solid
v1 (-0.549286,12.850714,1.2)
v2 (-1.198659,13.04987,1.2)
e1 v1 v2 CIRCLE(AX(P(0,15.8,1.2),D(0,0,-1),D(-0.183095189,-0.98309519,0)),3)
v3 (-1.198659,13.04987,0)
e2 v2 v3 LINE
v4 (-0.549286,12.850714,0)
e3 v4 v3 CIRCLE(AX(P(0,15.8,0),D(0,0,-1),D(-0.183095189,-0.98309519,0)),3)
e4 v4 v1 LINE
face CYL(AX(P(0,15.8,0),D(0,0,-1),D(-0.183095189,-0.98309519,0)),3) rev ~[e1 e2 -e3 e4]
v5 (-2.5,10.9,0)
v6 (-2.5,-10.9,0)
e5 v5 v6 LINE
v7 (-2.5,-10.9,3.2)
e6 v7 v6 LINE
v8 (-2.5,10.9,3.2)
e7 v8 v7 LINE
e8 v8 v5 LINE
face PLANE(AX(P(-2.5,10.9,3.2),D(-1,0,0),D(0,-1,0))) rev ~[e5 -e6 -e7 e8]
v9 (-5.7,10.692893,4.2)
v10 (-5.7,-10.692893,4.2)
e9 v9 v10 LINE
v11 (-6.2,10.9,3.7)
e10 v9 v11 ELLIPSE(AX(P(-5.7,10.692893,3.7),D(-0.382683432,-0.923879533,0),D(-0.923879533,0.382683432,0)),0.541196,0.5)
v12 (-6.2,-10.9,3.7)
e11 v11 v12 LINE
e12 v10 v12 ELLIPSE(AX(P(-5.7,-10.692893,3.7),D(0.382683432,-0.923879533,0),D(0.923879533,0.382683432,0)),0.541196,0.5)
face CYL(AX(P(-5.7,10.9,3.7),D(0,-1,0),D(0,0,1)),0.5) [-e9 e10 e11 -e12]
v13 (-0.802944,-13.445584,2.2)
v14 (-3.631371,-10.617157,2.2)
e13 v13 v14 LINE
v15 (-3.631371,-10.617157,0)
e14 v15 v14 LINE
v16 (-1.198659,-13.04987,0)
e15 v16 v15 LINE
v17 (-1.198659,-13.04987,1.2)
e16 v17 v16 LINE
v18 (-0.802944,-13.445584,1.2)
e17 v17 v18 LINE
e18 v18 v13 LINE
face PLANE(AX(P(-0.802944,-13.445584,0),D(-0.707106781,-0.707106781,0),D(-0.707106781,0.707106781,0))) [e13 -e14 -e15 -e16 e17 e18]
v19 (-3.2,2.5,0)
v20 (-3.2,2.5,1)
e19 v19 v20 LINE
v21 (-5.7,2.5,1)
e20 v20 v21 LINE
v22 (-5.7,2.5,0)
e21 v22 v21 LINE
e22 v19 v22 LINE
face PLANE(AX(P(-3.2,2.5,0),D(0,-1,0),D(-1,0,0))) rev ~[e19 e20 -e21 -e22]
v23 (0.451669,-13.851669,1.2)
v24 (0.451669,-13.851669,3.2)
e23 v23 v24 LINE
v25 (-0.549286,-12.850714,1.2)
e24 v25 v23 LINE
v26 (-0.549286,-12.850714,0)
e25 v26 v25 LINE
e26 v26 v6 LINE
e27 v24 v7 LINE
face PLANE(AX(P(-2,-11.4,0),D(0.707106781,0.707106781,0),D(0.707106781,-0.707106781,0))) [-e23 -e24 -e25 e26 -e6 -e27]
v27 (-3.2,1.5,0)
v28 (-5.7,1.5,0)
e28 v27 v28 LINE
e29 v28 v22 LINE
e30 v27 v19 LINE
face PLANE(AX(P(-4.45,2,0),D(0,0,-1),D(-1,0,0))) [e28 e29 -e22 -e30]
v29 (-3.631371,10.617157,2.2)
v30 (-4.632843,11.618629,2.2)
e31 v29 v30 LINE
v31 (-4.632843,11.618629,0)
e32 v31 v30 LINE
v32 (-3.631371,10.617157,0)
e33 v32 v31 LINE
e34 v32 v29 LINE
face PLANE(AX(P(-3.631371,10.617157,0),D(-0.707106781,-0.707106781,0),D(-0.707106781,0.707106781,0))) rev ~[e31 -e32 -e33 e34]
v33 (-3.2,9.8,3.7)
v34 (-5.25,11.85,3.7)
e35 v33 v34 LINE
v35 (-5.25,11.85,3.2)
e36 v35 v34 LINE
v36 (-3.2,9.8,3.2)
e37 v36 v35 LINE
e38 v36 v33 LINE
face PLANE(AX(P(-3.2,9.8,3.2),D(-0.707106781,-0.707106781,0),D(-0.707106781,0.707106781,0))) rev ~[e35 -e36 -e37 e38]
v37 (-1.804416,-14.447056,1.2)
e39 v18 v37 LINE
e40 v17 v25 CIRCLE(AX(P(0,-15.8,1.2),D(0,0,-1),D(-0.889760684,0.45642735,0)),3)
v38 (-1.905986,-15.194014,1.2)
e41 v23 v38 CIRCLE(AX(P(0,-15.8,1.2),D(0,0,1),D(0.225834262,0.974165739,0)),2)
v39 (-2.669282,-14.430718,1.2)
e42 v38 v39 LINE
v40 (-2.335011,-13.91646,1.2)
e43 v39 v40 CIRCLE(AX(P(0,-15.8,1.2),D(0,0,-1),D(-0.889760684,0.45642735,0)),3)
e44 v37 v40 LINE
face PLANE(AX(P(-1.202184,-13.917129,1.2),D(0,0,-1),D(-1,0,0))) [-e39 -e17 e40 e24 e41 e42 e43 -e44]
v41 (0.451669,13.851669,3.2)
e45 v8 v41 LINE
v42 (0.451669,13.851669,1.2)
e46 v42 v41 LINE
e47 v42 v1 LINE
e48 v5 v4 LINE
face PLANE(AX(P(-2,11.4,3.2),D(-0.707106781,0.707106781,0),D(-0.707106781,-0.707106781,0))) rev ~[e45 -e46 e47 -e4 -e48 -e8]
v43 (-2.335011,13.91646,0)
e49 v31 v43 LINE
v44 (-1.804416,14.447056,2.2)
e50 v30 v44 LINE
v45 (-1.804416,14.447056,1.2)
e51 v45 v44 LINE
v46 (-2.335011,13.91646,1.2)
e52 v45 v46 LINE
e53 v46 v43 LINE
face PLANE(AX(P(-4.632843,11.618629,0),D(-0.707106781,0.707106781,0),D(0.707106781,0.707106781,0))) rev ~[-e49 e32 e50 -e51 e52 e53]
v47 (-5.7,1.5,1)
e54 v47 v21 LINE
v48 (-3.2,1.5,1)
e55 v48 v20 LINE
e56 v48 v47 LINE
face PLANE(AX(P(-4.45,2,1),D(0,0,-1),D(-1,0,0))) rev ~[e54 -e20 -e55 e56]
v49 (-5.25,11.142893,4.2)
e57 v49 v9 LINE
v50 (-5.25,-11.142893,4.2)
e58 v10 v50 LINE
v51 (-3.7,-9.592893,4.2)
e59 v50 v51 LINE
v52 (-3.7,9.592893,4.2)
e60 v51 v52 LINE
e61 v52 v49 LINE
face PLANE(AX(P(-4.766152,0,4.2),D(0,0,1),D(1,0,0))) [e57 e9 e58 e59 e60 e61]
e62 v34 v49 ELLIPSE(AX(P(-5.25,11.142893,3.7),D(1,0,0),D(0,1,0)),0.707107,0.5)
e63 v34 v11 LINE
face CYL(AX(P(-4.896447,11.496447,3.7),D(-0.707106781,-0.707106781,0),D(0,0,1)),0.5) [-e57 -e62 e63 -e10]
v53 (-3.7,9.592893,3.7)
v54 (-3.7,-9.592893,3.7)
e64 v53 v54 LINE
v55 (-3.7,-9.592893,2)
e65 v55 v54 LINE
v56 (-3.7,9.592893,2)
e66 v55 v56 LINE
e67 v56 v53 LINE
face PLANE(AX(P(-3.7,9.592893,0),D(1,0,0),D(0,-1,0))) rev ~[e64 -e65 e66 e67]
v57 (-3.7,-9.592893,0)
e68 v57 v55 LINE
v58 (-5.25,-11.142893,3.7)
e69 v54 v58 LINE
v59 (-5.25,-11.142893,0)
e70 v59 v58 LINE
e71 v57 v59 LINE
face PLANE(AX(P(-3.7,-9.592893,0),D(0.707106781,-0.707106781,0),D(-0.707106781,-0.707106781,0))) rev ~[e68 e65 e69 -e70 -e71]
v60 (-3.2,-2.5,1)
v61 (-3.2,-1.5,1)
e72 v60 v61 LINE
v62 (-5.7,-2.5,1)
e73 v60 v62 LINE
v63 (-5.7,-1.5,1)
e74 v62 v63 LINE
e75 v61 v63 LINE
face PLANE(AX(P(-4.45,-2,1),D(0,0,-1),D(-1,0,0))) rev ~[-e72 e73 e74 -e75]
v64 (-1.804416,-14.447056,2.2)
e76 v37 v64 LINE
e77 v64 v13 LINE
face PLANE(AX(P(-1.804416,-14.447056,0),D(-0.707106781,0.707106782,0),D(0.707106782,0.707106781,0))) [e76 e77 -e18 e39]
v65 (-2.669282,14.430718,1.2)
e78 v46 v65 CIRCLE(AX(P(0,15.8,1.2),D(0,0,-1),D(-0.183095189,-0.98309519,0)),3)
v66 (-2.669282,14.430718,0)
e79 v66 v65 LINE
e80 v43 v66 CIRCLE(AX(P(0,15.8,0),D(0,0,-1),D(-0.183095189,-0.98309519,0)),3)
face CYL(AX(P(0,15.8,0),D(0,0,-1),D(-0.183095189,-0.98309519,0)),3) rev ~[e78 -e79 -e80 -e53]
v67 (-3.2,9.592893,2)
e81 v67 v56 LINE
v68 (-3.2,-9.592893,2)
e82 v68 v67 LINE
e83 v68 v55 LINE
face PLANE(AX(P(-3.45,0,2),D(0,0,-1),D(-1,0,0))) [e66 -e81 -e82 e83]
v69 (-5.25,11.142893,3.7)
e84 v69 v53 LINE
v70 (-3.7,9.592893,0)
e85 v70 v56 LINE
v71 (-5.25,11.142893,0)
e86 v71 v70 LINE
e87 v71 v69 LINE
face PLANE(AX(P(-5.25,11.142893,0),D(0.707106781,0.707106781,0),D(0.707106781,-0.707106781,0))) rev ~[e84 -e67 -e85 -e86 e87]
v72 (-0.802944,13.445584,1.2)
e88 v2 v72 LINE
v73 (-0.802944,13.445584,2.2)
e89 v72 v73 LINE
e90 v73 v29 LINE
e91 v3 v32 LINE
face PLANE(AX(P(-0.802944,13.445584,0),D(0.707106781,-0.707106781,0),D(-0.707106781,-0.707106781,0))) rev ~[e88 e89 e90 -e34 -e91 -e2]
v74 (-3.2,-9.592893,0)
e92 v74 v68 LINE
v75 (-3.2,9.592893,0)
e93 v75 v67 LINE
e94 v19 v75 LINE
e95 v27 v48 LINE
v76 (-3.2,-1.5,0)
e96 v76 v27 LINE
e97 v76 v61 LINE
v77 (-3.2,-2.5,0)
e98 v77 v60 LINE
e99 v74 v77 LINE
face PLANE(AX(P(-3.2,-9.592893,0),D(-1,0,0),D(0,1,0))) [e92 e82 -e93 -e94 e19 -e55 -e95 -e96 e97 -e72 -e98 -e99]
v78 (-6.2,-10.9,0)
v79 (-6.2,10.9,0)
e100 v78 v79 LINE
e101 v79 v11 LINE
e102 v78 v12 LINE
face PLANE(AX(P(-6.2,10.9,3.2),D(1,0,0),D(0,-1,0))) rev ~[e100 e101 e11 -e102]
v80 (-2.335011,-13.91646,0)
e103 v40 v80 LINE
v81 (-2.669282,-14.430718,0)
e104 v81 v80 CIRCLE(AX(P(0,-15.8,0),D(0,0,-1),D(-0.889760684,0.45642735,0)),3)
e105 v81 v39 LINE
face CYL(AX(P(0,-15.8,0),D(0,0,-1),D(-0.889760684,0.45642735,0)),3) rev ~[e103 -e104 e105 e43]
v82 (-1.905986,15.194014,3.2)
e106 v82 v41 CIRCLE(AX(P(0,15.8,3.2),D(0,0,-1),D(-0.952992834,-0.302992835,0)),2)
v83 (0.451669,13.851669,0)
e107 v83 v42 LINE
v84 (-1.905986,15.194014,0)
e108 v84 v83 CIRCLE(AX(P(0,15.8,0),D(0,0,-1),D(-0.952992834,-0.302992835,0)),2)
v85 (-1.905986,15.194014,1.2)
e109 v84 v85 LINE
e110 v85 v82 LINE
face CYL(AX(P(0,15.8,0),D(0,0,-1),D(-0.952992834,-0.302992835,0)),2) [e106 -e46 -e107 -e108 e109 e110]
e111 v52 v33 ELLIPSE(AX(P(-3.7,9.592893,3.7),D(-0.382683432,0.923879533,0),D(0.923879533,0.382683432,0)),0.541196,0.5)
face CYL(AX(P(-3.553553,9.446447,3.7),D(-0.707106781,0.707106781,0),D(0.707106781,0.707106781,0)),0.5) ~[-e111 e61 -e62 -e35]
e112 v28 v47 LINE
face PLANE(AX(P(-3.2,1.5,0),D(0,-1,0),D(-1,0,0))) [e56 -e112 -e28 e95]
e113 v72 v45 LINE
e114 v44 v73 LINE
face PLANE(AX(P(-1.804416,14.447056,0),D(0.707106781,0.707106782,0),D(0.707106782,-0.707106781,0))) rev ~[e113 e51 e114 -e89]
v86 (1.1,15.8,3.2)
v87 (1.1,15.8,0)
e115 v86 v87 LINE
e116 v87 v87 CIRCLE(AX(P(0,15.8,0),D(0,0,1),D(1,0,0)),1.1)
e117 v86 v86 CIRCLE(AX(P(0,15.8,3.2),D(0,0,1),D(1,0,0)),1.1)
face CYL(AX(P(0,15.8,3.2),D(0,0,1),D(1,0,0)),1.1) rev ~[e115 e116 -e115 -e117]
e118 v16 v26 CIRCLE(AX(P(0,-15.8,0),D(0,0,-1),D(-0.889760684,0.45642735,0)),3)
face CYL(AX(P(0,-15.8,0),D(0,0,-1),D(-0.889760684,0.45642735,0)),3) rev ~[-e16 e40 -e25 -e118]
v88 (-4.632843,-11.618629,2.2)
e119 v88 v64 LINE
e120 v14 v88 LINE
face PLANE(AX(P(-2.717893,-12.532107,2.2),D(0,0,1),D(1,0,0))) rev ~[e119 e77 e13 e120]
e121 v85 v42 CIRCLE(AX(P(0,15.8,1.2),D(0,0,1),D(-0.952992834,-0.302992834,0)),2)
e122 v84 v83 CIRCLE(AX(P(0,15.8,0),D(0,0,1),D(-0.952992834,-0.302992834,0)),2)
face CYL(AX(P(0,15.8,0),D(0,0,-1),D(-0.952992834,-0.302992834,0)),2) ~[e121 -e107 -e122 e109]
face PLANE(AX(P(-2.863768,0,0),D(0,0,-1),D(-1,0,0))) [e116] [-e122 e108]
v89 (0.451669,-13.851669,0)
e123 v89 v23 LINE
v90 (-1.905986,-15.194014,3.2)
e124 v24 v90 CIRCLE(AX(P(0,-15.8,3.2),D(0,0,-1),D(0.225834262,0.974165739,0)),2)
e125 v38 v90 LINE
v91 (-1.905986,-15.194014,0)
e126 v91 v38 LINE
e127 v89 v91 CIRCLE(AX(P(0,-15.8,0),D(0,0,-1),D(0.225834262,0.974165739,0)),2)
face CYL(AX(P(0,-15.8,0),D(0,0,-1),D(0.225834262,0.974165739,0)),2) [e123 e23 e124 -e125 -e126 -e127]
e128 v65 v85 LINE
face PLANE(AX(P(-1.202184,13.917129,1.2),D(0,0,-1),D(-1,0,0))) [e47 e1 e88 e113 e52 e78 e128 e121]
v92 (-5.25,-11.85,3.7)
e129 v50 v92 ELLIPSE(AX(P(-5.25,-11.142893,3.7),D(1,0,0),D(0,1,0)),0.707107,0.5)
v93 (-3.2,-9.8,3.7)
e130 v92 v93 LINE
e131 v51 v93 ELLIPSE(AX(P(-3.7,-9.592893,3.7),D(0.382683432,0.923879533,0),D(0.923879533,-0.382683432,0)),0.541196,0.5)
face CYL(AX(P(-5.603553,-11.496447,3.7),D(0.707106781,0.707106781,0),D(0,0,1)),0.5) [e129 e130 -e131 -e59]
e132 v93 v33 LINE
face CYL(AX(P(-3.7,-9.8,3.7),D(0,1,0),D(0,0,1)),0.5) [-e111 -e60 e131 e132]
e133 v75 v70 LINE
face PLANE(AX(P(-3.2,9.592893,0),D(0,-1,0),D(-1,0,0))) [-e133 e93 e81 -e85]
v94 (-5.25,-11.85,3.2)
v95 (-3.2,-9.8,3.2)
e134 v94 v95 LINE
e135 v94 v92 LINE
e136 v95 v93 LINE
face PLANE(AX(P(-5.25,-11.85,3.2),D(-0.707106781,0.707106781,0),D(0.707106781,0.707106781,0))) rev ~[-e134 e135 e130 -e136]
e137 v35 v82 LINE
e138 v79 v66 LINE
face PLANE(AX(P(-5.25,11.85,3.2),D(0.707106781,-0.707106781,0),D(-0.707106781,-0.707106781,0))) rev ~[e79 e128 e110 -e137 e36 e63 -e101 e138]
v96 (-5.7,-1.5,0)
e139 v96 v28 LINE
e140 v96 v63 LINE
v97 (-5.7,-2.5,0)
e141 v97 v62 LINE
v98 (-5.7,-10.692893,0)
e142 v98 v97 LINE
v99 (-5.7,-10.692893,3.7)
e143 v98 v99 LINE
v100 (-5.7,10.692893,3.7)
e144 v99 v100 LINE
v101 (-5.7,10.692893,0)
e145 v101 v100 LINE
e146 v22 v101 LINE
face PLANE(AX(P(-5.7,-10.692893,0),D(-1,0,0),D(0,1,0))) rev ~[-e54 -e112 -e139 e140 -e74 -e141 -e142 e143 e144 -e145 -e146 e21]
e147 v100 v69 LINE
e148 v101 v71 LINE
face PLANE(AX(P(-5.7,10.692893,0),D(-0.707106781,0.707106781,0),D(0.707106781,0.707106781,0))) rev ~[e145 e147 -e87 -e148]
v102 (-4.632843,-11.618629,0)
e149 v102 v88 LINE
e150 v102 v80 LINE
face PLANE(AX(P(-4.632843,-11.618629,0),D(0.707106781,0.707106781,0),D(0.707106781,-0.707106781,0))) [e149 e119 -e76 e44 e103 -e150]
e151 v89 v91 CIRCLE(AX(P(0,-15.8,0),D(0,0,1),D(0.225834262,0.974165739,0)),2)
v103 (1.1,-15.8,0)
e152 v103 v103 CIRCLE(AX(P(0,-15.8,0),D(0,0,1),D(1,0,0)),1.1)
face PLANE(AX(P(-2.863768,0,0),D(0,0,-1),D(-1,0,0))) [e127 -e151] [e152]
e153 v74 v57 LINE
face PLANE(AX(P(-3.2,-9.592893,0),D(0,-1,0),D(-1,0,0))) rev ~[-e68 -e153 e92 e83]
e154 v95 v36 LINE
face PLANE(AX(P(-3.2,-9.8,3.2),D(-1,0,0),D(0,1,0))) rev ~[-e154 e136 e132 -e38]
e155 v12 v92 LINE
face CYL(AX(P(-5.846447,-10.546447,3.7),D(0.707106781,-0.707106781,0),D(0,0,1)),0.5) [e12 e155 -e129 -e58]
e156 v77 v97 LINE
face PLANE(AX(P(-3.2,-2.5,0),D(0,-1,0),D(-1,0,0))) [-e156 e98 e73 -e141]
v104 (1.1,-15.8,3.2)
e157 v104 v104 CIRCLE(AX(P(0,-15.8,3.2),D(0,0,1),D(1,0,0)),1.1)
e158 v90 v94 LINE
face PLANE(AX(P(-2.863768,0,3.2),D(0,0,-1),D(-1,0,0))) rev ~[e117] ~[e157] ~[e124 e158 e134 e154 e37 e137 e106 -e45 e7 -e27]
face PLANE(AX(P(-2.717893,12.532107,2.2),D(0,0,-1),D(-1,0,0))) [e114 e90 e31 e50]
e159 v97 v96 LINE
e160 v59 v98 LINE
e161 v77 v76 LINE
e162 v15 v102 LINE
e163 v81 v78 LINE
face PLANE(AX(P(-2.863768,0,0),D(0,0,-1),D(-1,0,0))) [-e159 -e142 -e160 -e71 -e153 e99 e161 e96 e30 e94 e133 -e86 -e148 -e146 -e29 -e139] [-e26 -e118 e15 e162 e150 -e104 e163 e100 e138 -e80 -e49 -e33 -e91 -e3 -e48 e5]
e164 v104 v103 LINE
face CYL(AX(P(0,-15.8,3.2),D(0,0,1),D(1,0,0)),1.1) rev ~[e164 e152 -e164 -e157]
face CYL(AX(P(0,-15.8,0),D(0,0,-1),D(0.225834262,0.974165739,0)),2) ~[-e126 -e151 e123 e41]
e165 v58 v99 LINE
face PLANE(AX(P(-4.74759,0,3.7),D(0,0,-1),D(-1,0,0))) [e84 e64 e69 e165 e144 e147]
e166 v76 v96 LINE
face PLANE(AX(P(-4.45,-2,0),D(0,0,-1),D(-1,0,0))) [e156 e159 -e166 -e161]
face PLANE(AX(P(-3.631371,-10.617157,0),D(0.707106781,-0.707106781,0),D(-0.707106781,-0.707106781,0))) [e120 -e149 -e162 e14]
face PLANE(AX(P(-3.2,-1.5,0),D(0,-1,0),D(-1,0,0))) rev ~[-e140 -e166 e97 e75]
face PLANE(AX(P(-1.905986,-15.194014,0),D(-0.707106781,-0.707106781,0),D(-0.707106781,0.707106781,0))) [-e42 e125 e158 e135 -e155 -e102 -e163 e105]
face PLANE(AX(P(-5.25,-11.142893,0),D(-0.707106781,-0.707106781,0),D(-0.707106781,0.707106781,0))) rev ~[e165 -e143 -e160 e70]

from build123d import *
from build123d.topology import SkipClean

# Parameters (mm, degrees)
EXTRUDE_1_DEPTH      = 3.2
SKETCH_2_R           = 1.1
CUT_EXTRUDE_1_DEPTH  = 3.2
EXTRUDE_2_DEPTH      = 1
FILLET_2_R           = 0.5
CUT_EXTRUDE_10_DEPTH = 3.7
SKETCH_9_W           = 0.5
SKETCH_9_H           = 19.185786438
CUT_EXTRUDE_11_DEPTH = 2
CUT_EXTRUDE_12_DEPTH = 3.2
CUT_EXTRUDE_13_DEPTH = 2.2
CUT_EXTRUDE_14_DEPTH = 1.2
SKETCH_15_W          = 2.5
SKETCH_15_H          = 1
EXTRUDE_3_DEPTH      = 1


with BuildPart() as part:
    # 草图1 → 凸台-拉伸1 (new body)
    with BuildSketch(Plane.XY):
        with BuildLine():
            Line((-6.2, 0), (-6.2, 10.9))
            Line((-6.2, 10.9), (-1.905985669, 15.194014331))
            ThreePointArc((-1.905985669, 15.194014331), (0.989561851, 17.538035484), (0.451668523, 13.851668523))
            Line((0.451668523, 13.851668523), (-2, 11.4))
            Line((-2, 11.4), (-2, 0))
            Line((-2, 0), (-2, -11.4))
            Line((-2, -11.4), (0.451668523, -13.851668523))
            ThreePointArc((0.451668523, -13.851668523), (0.989561851, -17.538035484), (-1.905985669, -15.194014331))
            Line((-1.905985669, -15.194014331), (-6.2, -10.9))
            Line((-6.2, -10.9), (-6.2, 0))
        make_face()
    extrude(amount=EXTRUDE_1_DEPTH)

    # 草图2 → 切除-拉伸1 (cut)
    with BuildSketch(Plane.XY.offset(3.2)):
        with Locations((0, 15.8)):
            Circle(SKETCH_2_R)
        with Locations((0, -15.8)):
            Circle(SKETCH_2_R)
    extrude(amount=-CUT_EXTRUDE_1_DEPTH, mode=Mode.SUBTRACT)

    # 草图3 → 凸台-拉伸2 (add)
    with BuildSketch(Plane.XY.offset(3.2)):
        Polygon((-3.2, 0), (-3.2, 9.8), (-5.25, 11.85), (-6.2, 10.9), (-6.2, -10.9), (-5.25, -11.85), (-3.2, -9.8), align=None)
    extrude(amount=EXTRUDE_2_DEPTH)

    # 圆角2
    fillet_2_edges = [part.edges().sort_by_distance(p)[0] for p in [
        (-4.225, -10.825, 4.2),
        (-5.725, -11.375, 4.2),
        (-3.2, 0, 4.2),
        (-4.225, 10.825, 4.2),
        (-5.725, 11.375, 4.2),
        (-6.2, 0, 4.2),
    ]]
    fillet(fillet_2_edges, radius=FILLET_2_R)

    # 草图7 → 切除-拉伸10 (cut)
    with BuildSketch(Plane.XY):
        Polygon((-5.25, 11.142893219), (-3.7, 9.592893219), (-3.7, -9.592893219), (-5.25, -11.142893219), (-5.7, -10.692893219), (-5.7, 10.692893219), align=None)
    extrude(amount=CUT_EXTRUDE_10_DEPTH, mode=Mode.SUBTRACT)

    # 草图9 → 切除-拉伸11 (cut)
    with BuildSketch(Plane(origin=(0, 0, 0), x_dir=(-1, 0, 0), z_dir=(0, 0, -1))):
        with Locations((3.45, 0)):
            Rectangle(SKETCH_9_W, SKETCH_9_H)
    extrude(amount=-CUT_EXTRUDE_11_DEPTH, mode=Mode.SUBTRACT)

    # 草图10 → 切除-拉伸12 (cut)
    with BuildSketch(Plane.XY.offset(3.2)):
        Polygon((-2.5, 10.9), (-2.5, -10.9), (-2, -11.4), (-2, 11.4), align=None)
    extrude(amount=-CUT_EXTRUDE_12_DEPTH, mode=Mode.SUBTRACT)

    # 草图12 → 切除-拉伸13 (cut)
    with BuildSketch(Plane(origin=(0, 0, 0), x_dir=(-1, 0, 0), z_dir=(0, 0, -1))):
        Polygon((3.63137085, 10.617157288), (4.632842712, 11.61862915), (1.804415588, 14.447056275), (0.802943725, 13.445584413), align=None)
        Polygon((1.804415588, -14.447056275), (0.802943725, -13.445584413), (3.63137085, -10.617157288), (4.632842712, -11.61862915), align=None)
    extrude(amount=-CUT_EXTRUDE_13_DEPTH, mode=Mode.SUBTRACT)

    # 草图14 → 切除-拉伸14 (cut)
    with SkipClean():  # the faces are left unmerged after this step: merging them gives an invalid solid
        with BuildSketch(Plane(origin=(0, 0, 0), x_dir=(-1, 0, 0), z_dir=(0, 0, -1))):
            with BuildLine():
                Line((1.905985669, -15.194014331), (2.669282051, -14.430717949))
                ThreePointArc((2.669282051, -14.430717949), (1.792734548, -13.394568055), (0.549285568, -12.850714432))
                Line((0.549285568, -12.850714432), (-0.451668523, -13.851668523))
                ThreePointArc((-0.451668523, -13.851668523), (0.989561851, -14.061964516), (1.905985669, -15.194014331))
            make_face()
            with BuildLine():
                Line((-0.451668523, 13.851668523), (0.549285568, 12.850714432))
                ThreePointArc((0.549285568, 12.850714432), (1.792734548, 13.394568055), (2.669282051, 14.430717949))
                Line((2.669282051, 14.430717949), (1.905985669, 15.194014331))
                ThreePointArc((1.905985669, 15.194014331), (0.989561851, 14.061964516), (-0.451668523, 13.851668523))
            make_face()
        extrude(amount=-CUT_EXTRUDE_14_DEPTH, mode=Mode.SUBTRACT)

    # 草图15 → 凸台-拉伸3 (add)
    with SkipClean():  # the faces are left unmerged after this step: merging them gives an invalid solid
        with BuildSketch(Plane(origin=(0, 0, 0), x_dir=(-1, 0, 0), z_dir=(0, 0, -1))):
            with Locations((4.45, 2)):
                Rectangle(SKETCH_15_W, SKETCH_15_H)
            with Locations((4.45, -2)):
                Rectangle(SKETCH_15_W, SKETCH_15_H)
        extrude(amount=-EXTRUDE_3_DEPTH)


solid = part.part
